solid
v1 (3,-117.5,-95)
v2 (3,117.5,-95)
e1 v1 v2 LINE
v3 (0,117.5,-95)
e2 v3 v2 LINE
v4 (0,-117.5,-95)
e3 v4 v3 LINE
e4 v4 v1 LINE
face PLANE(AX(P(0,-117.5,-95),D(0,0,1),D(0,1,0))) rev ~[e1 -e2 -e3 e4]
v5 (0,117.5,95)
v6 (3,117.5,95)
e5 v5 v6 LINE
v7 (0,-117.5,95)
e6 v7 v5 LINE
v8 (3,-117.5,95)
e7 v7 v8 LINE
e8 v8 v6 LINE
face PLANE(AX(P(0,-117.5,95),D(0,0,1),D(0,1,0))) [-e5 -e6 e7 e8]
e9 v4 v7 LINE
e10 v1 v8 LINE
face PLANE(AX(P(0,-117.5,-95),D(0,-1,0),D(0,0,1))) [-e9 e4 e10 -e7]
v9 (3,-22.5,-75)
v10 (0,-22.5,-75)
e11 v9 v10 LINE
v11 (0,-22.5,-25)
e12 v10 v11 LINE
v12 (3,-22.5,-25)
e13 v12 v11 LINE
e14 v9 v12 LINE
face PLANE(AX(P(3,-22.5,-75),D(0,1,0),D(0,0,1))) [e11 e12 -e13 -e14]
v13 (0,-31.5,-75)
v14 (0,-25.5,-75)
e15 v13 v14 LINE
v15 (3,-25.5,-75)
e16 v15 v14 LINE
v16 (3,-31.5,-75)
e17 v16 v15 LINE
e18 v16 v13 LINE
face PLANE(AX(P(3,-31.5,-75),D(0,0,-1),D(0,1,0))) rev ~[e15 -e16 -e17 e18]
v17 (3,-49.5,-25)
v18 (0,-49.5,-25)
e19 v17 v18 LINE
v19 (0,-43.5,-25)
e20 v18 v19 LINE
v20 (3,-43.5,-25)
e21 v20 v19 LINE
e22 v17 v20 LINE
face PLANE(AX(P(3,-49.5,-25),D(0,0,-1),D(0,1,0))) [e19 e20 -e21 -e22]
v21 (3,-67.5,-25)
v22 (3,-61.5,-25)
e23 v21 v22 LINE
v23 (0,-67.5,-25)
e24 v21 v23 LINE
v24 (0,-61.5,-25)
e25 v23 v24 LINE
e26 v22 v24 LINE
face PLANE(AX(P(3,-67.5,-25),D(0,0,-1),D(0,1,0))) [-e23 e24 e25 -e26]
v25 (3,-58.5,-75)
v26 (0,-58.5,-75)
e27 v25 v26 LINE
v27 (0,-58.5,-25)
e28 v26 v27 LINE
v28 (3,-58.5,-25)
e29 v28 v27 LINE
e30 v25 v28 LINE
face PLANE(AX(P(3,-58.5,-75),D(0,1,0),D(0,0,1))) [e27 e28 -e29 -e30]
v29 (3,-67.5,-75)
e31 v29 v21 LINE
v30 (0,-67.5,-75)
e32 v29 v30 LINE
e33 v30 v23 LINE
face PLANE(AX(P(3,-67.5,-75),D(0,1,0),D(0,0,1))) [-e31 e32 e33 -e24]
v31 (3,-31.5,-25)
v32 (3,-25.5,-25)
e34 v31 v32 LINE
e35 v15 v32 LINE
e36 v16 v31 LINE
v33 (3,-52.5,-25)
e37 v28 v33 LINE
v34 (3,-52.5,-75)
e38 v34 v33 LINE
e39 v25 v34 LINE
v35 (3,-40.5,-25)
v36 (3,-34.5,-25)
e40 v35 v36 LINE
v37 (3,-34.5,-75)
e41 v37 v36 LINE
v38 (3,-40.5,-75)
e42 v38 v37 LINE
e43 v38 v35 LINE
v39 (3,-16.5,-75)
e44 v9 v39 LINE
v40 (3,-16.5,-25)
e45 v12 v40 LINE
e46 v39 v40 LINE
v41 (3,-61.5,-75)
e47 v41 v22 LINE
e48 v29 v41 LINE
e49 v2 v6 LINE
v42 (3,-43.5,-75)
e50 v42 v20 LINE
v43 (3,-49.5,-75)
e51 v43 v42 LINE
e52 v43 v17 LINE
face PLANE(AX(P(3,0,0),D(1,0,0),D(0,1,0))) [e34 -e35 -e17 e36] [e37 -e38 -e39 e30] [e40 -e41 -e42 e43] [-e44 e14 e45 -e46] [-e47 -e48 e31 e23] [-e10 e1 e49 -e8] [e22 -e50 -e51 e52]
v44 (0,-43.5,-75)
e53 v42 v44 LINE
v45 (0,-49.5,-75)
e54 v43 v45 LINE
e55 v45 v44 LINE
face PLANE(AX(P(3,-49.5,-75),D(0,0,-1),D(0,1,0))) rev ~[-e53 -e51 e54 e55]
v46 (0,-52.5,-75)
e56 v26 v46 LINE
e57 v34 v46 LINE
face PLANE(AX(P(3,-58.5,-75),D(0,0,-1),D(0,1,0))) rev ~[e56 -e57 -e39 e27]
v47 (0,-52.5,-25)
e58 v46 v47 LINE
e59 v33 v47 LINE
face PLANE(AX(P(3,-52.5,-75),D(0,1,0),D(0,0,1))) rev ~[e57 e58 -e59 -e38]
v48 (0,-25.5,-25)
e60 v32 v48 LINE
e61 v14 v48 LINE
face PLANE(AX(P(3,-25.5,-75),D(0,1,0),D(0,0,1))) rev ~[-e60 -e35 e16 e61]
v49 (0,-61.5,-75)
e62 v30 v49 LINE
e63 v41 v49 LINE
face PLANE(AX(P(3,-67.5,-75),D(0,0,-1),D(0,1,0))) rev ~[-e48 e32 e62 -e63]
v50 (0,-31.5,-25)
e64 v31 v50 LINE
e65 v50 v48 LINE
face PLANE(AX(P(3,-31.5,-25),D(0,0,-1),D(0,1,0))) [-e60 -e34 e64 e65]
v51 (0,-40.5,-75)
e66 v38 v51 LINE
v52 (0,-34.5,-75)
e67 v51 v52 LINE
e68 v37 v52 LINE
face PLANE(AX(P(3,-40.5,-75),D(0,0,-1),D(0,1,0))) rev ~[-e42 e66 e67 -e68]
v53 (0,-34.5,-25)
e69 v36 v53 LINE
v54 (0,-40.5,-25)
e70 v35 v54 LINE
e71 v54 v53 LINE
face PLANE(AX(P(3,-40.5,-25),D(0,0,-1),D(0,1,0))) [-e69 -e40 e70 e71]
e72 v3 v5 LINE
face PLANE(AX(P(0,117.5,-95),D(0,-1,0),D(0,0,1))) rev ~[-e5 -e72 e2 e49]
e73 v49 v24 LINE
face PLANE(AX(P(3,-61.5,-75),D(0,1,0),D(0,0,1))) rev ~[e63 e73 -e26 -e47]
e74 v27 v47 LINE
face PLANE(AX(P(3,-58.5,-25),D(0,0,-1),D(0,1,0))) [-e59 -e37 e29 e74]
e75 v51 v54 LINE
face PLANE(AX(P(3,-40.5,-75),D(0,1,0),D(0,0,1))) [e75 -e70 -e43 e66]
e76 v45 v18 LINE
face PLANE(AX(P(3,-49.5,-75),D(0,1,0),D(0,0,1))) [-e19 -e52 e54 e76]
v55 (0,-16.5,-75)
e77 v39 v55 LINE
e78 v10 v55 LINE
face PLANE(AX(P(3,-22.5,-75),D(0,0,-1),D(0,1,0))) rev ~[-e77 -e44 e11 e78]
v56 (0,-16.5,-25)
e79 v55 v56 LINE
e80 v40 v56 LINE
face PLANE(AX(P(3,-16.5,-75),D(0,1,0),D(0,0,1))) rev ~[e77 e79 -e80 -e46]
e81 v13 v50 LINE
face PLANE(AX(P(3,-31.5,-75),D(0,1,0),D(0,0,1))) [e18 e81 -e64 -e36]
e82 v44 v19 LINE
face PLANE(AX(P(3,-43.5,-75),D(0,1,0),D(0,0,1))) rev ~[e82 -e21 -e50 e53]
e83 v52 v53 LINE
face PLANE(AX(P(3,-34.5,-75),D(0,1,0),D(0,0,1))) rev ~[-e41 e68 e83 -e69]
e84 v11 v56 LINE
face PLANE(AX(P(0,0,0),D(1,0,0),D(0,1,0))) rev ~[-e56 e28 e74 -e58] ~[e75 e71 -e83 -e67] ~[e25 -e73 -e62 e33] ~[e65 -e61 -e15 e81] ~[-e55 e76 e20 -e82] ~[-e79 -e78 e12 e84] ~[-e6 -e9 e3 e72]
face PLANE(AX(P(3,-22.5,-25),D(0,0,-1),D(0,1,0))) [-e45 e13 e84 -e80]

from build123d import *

# Parameters (mm, degrees)
F0_W     = 235
F0_H     = 190
F1_DEPTH = 3
F2_W     = 6
F2_H     = 50
F3_DEPTH = 25


with BuildPart() as f1:
    # F0 (on Right) → F1 (new body)
    with BuildSketch(Plane.YZ):
        Rectangle(F0_W, F0_H)
    extrude(amount=F1_DEPTH)

    # F2 (on face) → F3 (cut)
    with BuildSketch(Plane.YZ.offset(3)):
        with Locations((-64.5, -50)):
            Rectangle(F2_W, F2_H)
        with Locations((-55.5, -50)):
            Rectangle(F2_W, F2_H)
        with Locations((-46.5, -50)):
            Rectangle(F2_W, F2_H)
        with Locations((-37.5, -50)):
            Rectangle(F2_W, F2_H)
        with Locations((-28.5, -50)):
            Rectangle(F2_W, F2_H)
        with Locations((-19.5, -50)):
            Rectangle(F2_W, F2_H)
    extrude(amount=-F3_DEPTH, mode=Mode.SUBTRACT)


solid = f1.part
